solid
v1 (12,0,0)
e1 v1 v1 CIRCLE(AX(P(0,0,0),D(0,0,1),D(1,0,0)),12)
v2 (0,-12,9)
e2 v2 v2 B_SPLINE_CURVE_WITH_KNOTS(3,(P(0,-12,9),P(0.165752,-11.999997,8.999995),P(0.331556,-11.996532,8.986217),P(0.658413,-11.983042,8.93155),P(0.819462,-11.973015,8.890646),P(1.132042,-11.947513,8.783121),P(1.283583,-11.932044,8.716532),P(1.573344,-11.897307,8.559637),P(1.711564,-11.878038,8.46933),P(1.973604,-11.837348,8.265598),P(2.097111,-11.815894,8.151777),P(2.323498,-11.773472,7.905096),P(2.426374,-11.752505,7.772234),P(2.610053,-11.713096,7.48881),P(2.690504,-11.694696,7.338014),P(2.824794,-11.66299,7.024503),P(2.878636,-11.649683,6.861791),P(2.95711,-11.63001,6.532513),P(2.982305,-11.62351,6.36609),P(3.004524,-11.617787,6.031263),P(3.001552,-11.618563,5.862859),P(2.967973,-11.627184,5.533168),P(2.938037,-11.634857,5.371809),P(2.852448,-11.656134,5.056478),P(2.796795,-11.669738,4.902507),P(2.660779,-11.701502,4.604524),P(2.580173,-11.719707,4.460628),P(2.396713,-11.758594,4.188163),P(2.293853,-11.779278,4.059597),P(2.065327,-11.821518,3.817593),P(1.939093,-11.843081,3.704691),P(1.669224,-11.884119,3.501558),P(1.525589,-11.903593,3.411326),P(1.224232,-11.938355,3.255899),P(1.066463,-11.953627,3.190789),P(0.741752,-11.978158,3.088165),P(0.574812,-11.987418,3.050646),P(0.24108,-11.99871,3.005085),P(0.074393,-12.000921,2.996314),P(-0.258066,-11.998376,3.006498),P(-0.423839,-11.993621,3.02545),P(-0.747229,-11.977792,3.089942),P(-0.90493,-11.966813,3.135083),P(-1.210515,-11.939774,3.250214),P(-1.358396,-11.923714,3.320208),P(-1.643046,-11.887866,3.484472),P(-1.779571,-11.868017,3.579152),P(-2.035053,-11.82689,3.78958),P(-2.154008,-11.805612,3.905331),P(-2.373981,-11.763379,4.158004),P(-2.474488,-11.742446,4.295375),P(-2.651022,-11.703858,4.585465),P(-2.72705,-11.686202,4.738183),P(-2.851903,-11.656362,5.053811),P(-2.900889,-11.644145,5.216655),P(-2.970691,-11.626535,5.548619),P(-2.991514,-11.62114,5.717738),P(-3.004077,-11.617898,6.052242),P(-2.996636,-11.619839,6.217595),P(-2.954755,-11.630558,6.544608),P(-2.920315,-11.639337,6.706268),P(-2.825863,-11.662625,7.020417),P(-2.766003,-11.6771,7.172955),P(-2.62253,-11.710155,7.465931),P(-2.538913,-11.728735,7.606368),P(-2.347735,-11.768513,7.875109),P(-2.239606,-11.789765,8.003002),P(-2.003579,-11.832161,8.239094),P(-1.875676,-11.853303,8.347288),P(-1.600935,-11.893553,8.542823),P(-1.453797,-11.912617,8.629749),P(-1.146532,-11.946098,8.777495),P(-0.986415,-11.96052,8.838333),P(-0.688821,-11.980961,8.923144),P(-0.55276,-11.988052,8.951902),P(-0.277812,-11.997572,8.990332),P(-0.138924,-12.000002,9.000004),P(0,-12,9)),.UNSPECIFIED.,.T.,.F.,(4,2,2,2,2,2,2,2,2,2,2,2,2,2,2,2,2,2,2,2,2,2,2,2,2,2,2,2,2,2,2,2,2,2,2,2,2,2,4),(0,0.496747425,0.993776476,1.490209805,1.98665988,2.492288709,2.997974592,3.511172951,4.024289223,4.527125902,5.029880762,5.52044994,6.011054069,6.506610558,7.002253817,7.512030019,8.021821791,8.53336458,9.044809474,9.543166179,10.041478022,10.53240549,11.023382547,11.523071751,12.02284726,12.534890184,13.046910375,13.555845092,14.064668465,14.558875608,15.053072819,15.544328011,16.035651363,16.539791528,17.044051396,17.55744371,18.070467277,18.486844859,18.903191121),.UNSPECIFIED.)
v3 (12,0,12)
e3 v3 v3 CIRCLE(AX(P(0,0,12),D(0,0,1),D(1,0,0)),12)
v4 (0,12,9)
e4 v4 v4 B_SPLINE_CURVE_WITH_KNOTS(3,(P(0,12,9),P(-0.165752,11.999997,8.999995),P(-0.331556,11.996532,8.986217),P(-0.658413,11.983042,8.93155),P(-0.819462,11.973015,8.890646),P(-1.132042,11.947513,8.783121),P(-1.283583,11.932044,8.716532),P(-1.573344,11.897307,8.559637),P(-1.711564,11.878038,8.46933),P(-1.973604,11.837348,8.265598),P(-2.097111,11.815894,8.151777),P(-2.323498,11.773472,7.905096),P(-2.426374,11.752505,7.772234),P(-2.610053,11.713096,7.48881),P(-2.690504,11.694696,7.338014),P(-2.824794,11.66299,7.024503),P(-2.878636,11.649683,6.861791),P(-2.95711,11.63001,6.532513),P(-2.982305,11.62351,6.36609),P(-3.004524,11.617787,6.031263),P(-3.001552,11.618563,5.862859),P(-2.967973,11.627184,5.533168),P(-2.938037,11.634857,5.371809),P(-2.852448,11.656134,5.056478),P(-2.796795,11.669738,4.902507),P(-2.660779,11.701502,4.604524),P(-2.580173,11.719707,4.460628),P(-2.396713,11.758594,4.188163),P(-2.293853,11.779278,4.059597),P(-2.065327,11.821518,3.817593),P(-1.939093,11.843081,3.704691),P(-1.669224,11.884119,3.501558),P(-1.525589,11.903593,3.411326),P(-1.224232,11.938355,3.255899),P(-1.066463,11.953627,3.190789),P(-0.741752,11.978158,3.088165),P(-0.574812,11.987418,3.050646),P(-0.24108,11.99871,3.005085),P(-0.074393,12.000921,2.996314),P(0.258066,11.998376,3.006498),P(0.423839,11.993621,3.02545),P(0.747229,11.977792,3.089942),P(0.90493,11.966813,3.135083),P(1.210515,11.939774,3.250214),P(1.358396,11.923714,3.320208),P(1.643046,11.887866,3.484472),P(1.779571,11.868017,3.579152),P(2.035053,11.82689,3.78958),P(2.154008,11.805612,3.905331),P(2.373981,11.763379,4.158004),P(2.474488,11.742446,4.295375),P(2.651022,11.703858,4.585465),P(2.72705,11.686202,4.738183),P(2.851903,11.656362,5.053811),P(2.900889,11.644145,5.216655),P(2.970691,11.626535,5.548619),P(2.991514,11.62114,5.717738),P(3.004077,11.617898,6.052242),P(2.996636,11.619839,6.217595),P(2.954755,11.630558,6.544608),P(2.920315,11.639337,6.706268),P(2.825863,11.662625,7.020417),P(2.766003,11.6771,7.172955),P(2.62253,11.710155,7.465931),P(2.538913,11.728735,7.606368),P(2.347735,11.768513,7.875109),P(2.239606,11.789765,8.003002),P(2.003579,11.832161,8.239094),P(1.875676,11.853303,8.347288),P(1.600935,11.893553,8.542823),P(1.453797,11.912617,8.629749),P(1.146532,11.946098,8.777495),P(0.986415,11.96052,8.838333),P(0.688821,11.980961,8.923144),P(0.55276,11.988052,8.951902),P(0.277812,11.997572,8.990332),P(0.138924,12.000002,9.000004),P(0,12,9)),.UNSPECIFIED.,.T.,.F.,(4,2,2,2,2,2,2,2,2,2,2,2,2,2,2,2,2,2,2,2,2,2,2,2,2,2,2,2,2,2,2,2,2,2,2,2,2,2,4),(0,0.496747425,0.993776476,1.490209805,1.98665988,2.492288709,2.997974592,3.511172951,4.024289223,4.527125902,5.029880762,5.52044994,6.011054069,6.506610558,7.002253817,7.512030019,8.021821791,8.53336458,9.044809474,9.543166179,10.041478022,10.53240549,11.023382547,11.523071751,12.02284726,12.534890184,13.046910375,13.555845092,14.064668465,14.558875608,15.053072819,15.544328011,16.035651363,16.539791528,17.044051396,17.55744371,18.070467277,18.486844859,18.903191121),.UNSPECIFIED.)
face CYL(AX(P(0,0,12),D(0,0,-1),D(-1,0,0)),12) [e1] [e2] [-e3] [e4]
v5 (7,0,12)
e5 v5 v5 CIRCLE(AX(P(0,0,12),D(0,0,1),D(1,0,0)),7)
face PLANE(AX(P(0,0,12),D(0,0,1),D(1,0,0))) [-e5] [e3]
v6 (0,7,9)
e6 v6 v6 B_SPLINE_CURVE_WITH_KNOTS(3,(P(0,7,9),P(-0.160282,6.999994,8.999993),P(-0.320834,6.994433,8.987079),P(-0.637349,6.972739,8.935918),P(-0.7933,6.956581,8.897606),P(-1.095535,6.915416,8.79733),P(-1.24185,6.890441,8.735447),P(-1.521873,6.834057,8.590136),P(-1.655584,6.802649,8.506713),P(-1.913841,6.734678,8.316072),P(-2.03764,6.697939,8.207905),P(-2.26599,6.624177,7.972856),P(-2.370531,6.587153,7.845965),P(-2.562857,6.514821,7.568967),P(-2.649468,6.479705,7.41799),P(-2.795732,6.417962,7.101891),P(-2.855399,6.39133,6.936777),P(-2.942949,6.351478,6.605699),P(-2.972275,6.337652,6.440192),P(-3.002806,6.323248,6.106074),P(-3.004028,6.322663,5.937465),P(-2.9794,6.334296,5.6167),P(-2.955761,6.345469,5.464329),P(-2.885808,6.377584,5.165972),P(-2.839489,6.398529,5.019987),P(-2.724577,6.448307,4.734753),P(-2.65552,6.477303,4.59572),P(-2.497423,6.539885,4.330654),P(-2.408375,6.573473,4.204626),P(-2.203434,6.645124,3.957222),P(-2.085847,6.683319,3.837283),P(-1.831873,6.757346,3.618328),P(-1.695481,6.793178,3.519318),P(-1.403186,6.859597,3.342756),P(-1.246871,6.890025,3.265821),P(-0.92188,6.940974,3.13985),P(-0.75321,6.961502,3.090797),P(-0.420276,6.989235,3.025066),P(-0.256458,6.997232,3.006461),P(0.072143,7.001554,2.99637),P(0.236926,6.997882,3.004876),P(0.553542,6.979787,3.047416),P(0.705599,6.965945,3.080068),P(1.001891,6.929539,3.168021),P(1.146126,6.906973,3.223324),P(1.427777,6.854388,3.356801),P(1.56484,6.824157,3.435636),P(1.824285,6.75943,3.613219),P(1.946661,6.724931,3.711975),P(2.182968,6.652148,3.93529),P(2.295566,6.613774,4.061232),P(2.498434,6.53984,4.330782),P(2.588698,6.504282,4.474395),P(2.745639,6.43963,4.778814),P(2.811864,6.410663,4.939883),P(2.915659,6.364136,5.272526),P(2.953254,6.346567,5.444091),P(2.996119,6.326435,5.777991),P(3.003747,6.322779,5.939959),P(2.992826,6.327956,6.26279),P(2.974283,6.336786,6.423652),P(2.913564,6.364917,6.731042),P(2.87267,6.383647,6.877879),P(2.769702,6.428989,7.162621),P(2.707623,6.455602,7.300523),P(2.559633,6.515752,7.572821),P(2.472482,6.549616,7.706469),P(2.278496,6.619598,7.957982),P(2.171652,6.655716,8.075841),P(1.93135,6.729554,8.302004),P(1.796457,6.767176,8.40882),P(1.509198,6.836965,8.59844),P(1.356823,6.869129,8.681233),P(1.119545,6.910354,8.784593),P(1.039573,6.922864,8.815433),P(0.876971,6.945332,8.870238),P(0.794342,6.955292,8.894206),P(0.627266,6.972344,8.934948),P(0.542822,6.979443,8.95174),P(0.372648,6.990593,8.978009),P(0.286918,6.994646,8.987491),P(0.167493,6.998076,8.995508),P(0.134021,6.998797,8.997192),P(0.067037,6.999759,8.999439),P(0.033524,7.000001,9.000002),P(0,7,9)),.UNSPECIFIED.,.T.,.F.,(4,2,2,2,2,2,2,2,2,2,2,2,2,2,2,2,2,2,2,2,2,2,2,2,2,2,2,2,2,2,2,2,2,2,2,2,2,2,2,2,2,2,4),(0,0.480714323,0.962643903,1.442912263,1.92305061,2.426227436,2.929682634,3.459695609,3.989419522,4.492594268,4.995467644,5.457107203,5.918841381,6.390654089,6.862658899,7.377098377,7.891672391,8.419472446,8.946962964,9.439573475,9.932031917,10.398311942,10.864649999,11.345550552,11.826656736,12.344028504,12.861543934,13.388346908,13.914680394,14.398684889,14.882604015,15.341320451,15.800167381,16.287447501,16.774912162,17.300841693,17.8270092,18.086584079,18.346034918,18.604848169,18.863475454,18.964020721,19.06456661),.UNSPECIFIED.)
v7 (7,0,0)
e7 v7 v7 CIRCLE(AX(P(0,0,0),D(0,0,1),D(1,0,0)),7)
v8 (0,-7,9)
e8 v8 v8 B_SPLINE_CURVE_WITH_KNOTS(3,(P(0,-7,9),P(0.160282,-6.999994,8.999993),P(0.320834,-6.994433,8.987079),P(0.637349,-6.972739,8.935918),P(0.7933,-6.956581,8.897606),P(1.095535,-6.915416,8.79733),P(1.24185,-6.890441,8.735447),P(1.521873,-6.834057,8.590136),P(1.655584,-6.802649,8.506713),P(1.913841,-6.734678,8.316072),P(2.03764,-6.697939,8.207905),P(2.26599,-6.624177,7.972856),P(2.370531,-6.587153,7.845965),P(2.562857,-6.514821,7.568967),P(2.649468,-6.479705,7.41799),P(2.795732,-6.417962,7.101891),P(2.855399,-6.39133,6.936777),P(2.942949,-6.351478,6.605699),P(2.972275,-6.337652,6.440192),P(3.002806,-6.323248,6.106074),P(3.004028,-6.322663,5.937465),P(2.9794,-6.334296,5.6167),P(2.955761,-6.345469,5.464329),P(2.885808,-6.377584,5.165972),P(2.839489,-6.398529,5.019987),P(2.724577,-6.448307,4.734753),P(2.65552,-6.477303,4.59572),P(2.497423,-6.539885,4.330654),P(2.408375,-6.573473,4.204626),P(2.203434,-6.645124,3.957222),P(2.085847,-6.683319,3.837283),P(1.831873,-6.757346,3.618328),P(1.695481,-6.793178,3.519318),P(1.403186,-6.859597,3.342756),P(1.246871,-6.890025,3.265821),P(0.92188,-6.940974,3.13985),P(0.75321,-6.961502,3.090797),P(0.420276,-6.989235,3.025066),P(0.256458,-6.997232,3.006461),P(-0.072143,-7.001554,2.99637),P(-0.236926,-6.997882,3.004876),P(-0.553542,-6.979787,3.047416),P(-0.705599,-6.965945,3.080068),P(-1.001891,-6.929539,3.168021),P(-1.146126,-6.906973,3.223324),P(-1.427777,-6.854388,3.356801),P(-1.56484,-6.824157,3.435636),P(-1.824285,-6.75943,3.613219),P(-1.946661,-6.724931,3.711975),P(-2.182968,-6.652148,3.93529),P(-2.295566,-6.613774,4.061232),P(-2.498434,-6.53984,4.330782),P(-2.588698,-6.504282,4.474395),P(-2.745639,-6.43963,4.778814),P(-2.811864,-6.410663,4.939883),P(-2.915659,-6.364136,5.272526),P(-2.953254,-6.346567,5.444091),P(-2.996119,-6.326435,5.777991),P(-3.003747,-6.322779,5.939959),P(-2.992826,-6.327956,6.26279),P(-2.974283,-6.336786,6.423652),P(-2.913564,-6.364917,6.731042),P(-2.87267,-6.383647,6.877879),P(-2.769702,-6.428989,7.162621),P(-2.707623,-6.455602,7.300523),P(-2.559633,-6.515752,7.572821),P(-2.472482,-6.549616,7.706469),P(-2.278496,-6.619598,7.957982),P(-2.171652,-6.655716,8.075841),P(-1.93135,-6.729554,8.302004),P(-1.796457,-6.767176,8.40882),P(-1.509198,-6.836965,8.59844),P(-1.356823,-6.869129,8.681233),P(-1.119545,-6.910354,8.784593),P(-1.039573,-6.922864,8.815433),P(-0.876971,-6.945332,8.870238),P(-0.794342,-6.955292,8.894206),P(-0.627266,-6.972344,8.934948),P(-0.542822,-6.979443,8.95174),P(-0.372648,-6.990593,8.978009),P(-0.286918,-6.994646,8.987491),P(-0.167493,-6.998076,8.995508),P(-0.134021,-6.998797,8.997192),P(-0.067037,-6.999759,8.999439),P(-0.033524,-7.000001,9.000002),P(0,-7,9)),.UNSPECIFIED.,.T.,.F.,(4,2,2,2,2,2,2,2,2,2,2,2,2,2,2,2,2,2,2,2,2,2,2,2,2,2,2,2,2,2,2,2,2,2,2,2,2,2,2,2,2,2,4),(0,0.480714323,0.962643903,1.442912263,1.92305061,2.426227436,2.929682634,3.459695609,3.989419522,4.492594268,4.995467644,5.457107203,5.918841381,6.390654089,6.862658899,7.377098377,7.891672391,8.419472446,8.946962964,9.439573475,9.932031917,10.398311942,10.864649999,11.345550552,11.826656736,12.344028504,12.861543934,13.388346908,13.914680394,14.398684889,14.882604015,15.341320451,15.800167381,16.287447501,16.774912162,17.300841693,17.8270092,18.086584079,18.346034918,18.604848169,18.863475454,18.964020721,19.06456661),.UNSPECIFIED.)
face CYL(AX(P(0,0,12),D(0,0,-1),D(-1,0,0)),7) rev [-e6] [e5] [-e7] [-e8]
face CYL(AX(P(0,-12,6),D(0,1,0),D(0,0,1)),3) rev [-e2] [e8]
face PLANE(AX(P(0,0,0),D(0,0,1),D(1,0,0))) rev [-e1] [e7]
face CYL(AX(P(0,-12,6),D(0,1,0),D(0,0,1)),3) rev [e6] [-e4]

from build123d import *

# Parameters (mm, degrees)
SKETCH1_R               = 12
SKETCH1_R_2             = 7
BOSS_EXTRUDE1_DEPTH     = 12
CUT_EXTRUDE1_DEPTH      = 21.784609691
CUT_EXTRUDE1_DEPTH_BACK = 21.784609691
SKETCH2_R               = 3


with BuildPart() as part:
    # Sketch1 → Boss-Extrude1 (new body)
    with BuildSketch(Plane.XY):
        Circle(SKETCH1_R)
        Circle(SKETCH1_R_2, mode=Mode.SUBTRACT)
    extrude(amount=BOSS_EXTRUDE1_DEPTH)

    # Sketch2 → Cut-Extrude1 (cut, two sides: drawn at the far end of the back side and taken through both)
    with BuildSketch(Plane(origin=(0, 0, 0), x_dir=(1, 0, 0), z_dir=(0, 1, 0)).offset(-CUT_EXTRUDE1_DEPTH_BACK)):
        with Locations(Location((0, -6, 0), (0, 0, 270))):
            Circle(SKETCH2_R)
    extrude(amount=CUT_EXTRUDE1_DEPTH + CUT_EXTRUDE1_DEPTH_BACK, mode=Mode.SUBTRACT)


solid = part.part
